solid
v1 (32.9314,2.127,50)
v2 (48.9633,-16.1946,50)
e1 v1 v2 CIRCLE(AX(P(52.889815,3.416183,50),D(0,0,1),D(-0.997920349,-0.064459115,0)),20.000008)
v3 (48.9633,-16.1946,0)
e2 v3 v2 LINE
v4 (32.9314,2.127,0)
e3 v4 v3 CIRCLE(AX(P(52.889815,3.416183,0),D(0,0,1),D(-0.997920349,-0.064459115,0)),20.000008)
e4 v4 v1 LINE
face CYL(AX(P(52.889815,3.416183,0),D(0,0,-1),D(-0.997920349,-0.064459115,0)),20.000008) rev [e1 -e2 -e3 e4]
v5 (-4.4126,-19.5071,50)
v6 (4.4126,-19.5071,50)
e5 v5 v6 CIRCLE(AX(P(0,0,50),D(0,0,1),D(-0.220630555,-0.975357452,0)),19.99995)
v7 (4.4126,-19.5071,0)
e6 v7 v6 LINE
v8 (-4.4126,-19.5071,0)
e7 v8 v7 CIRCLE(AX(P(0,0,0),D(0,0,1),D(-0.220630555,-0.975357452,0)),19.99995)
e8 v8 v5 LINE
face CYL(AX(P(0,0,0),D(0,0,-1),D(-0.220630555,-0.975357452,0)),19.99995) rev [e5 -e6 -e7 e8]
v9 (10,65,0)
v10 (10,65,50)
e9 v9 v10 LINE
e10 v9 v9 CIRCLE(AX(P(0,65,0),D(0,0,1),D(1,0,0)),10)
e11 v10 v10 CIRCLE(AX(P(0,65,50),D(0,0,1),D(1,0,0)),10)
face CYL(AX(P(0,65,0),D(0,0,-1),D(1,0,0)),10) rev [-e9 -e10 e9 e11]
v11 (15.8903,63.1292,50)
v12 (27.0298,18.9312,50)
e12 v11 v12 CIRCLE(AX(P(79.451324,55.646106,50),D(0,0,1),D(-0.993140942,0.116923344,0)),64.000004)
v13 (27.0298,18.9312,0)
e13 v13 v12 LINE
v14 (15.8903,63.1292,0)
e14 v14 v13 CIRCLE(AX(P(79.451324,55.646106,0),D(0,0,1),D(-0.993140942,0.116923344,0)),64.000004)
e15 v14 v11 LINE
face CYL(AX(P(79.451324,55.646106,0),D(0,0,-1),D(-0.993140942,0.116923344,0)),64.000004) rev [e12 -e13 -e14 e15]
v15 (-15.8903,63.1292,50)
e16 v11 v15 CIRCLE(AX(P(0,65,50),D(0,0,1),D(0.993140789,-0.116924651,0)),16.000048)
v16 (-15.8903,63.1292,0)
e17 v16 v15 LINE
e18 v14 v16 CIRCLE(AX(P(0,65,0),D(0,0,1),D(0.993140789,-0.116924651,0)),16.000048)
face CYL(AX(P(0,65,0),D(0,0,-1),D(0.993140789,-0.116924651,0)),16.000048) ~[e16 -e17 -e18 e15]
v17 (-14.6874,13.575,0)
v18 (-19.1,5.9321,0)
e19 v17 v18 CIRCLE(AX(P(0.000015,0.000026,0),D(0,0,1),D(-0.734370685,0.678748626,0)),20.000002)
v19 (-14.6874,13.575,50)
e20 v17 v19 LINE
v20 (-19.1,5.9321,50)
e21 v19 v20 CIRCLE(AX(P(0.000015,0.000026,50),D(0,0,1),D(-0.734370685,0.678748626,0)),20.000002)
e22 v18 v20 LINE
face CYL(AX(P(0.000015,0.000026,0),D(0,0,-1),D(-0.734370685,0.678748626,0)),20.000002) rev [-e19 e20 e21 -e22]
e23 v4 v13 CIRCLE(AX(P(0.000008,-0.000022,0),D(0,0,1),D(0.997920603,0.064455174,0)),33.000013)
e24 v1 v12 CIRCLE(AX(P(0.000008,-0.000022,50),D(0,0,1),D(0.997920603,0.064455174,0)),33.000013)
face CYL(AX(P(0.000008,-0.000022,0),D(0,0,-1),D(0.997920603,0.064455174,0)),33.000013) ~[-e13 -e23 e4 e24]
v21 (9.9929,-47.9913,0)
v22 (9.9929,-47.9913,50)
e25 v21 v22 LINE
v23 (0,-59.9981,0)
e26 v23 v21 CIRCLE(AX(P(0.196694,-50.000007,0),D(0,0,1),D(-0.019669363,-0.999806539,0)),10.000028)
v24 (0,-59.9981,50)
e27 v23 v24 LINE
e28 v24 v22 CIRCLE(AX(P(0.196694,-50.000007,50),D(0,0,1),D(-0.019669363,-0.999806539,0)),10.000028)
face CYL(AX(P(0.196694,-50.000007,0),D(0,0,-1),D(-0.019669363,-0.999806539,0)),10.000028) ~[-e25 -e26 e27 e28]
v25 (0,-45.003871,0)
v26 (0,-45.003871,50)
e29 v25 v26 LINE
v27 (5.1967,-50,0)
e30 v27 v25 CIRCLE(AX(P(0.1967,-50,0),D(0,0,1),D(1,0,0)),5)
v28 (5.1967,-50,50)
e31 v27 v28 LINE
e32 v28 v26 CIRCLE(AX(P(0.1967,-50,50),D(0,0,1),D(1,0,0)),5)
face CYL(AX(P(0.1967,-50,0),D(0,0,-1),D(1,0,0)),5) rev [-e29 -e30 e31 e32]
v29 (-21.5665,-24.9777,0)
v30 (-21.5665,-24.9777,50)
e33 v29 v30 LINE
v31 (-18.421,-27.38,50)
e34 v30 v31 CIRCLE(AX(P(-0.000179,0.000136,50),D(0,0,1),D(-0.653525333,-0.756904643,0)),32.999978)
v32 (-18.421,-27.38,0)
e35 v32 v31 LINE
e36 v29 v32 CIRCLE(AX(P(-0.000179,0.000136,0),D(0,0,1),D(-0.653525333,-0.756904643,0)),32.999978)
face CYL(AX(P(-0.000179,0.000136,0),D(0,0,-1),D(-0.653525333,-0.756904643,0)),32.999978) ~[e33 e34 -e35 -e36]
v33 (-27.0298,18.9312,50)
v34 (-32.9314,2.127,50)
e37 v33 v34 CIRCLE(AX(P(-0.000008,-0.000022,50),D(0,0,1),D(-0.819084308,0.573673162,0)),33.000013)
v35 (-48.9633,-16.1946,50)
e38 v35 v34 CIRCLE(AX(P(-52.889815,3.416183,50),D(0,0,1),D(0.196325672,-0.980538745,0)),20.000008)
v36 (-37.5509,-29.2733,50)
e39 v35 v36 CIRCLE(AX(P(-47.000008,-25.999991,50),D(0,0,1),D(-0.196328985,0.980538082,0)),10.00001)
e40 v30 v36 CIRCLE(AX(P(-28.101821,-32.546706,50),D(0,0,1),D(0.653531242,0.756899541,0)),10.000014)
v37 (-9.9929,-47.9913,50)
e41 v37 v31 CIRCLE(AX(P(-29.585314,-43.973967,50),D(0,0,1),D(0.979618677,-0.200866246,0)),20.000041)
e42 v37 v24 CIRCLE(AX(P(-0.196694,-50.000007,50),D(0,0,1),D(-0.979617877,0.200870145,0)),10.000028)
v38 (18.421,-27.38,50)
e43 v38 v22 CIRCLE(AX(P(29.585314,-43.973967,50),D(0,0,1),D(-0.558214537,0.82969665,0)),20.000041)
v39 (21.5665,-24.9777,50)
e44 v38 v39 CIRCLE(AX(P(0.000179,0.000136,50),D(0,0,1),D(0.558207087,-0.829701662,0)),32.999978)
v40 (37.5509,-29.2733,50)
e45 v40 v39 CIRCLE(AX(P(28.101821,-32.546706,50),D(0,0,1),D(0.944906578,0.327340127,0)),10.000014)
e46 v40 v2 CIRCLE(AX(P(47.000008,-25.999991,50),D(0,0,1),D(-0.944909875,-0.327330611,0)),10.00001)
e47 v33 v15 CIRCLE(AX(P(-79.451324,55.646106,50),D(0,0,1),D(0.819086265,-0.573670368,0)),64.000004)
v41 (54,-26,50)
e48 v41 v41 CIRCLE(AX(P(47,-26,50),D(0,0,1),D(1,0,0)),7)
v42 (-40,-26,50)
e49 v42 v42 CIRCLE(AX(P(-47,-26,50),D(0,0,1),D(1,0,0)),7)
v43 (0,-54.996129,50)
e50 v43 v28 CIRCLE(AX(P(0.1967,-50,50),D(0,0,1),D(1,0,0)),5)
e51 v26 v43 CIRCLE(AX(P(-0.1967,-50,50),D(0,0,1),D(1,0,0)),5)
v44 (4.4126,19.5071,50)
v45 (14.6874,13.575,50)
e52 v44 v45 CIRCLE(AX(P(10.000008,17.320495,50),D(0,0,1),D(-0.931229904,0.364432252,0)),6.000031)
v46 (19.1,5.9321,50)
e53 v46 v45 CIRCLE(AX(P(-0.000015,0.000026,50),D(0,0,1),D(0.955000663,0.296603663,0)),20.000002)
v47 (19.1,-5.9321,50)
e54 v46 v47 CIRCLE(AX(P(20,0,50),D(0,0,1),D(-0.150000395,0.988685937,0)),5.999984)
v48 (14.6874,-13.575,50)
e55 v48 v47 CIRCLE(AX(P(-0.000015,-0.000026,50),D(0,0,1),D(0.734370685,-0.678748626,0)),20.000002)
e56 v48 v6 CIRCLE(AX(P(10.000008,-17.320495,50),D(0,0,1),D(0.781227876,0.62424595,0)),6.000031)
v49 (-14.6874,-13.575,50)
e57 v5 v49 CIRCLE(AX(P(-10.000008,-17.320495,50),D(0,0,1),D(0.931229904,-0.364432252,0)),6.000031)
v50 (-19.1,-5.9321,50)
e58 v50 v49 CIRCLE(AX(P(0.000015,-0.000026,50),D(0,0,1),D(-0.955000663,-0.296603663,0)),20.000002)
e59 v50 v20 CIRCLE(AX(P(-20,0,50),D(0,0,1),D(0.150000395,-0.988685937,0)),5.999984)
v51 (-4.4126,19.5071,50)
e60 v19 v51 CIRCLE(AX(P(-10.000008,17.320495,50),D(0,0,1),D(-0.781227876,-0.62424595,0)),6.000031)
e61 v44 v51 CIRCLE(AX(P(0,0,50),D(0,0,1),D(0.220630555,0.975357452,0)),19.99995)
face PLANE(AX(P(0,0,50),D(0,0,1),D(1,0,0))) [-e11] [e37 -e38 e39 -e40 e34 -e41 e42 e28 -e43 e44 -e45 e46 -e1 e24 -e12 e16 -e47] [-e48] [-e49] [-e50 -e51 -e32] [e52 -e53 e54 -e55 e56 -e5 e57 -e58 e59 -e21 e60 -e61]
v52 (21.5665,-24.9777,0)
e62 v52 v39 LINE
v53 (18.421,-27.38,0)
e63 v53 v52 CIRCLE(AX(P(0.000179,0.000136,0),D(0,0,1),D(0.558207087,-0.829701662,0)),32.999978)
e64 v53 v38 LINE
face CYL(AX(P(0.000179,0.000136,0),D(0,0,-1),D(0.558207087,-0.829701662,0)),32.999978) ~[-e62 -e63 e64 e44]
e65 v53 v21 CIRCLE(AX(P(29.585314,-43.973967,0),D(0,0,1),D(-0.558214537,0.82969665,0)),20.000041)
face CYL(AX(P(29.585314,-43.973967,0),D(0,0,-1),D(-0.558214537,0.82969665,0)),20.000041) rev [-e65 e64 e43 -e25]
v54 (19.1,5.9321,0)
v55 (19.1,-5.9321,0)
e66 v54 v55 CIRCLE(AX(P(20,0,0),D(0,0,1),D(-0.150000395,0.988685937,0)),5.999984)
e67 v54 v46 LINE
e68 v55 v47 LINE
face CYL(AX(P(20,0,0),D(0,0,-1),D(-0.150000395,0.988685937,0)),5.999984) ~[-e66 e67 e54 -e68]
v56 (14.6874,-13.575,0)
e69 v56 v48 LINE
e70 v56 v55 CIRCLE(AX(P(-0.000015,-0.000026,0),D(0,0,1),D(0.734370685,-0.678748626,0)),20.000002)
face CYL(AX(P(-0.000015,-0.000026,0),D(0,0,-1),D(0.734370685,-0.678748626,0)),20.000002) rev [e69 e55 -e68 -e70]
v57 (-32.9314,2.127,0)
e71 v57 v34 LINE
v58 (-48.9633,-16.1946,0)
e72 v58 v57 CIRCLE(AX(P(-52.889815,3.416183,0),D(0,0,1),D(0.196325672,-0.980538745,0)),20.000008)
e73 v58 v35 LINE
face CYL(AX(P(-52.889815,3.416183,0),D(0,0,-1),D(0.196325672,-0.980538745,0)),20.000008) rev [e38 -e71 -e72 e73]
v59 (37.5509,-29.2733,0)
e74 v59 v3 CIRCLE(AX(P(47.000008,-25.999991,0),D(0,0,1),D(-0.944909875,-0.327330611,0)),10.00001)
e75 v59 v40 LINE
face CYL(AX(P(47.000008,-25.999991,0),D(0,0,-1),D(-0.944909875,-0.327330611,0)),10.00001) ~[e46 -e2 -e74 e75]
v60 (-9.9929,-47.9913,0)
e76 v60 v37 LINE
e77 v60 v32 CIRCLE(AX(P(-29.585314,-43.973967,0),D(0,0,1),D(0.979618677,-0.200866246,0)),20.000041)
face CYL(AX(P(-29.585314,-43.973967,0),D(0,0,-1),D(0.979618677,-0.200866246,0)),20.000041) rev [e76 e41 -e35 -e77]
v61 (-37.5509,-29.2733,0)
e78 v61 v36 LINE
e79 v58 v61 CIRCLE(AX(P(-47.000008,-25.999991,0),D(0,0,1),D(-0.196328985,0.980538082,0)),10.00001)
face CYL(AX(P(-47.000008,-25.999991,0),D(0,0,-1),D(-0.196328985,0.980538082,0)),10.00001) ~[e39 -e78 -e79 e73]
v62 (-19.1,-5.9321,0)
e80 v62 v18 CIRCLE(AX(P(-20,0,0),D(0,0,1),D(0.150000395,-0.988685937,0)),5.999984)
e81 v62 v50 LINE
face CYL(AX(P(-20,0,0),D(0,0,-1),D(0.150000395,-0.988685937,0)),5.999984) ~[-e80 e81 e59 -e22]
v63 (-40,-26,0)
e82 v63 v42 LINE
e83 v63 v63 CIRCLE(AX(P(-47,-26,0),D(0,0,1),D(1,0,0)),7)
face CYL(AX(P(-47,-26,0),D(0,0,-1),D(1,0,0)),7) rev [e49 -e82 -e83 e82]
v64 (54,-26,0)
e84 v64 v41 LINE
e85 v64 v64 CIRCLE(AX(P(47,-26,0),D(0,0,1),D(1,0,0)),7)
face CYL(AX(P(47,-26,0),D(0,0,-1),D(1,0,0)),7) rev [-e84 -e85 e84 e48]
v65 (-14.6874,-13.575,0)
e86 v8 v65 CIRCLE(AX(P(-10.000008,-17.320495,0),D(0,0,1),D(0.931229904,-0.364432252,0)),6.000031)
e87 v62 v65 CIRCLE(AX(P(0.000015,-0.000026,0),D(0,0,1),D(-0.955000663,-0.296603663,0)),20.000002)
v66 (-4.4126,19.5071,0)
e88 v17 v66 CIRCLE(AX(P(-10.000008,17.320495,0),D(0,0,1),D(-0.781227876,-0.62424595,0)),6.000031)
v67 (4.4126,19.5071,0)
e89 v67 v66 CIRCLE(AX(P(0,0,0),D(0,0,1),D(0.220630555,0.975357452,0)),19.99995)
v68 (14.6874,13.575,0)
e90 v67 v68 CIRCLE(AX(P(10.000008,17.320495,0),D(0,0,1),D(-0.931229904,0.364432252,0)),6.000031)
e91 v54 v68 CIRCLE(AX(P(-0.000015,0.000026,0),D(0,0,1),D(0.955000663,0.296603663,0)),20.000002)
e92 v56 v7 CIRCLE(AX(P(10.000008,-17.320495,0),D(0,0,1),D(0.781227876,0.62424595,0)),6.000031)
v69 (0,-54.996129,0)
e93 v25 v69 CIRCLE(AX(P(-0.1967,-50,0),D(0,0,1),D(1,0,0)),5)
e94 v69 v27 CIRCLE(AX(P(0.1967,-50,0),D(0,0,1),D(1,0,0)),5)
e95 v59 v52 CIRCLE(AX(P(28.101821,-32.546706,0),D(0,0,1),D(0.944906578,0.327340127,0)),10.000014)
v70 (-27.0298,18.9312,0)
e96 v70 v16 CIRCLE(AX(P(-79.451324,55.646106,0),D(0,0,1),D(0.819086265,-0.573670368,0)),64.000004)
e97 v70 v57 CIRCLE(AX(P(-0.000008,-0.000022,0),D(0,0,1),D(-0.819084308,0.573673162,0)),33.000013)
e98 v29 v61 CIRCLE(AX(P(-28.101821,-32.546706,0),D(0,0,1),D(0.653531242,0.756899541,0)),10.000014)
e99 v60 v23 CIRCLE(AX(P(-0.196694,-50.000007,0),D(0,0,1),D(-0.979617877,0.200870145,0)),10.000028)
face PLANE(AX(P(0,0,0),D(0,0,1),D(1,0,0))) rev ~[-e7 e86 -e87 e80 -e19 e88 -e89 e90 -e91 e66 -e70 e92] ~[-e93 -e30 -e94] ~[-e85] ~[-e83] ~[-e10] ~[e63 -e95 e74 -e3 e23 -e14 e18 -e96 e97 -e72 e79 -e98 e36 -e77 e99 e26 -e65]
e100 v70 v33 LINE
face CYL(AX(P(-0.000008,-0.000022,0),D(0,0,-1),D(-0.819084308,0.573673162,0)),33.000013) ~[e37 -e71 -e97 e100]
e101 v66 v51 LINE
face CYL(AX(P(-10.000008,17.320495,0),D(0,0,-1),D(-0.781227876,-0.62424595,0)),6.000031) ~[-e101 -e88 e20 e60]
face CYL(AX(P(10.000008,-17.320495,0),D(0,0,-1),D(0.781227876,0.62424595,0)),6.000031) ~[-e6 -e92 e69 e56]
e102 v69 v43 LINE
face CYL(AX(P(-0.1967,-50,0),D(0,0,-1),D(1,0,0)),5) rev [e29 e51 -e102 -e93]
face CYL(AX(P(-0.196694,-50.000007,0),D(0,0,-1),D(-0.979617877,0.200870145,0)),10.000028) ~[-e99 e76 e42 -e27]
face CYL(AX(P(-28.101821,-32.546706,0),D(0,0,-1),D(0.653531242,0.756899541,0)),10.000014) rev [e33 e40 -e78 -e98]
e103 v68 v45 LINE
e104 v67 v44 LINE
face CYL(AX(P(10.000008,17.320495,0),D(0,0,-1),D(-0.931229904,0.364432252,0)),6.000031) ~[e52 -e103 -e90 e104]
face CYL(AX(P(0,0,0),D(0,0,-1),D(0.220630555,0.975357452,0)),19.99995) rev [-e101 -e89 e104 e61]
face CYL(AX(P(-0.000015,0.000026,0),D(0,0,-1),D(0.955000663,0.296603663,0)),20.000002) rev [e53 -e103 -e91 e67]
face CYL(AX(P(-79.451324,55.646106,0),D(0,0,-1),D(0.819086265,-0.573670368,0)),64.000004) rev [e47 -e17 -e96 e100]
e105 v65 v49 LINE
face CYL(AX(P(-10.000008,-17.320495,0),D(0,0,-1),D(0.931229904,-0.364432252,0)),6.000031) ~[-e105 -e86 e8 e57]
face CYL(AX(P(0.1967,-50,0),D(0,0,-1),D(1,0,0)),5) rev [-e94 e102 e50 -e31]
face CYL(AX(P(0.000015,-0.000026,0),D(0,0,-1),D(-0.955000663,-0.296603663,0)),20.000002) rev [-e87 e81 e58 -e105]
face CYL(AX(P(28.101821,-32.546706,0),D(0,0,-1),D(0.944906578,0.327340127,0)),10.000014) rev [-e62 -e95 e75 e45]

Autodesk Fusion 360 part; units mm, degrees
sketch "Sketch1" plane through (0, 0, 0) normal (0, 0, 1) x (1, 0, 0)
  circle A0 centre (0, 65) radius 10
  circle A1 centre (-47, -26) radius 7
  arc A2 (-27.0298, 18.9312) -> (-15.8903, 63.1292) centre (-79.4513, 55.6462) ccw
  circle A3 centre (-0.1967, -50) radius 5
  arc A4 (-48.9633, -16.1946) -> (-32.9314, 2.127) centre (-52.8898, 3.4162) ccw
  arc A5 (-9.9929, -47.9913) -> (-18.421, -27.38) centre (-29.5853, -43.974) ccw
  arc A6 (-21.5665, -24.9777) -> (-37.5509, -29.2733) centre (-28.1018, -32.5467) ccw
  arc A7 (-19.1, -5.9321) -> (-19.1, 5.9321) centre (-20, 0) ccw
  arc A8 (-19.1, -5.9321) -> (-19.1, 5.9321) centre (-20, 0) ccw
  arc A9 (-19.1, -5.9321) -> (-19.1, 5.9321) centre (-20, 0) ccw
  arc A10 (-19.1, -5.9321) -> (-19.1, 5.9321) centre (-20, 0) ccw
  arc A11 (-4.4126, -19.5071) -> (-14.6874, -13.575) centre (-10, -17.3205) ccw
  arc A12 (14.6874, -13.575) -> (4.4126, -19.5071) centre (10, -17.3205) ccw
  arc A13 (-19.1, -5.9321) -> (-19.1, 5.9321) centre (-20, 0) ccw
  arc A14 (-19.1, -5.9321) -> (-14.6874, -13.575) centre (0, 0) ccw
  arc A15 (-14.6874, 13.575) -> (-4.4126, 19.5071) centre (-10, 17.3205) ccw
  arc A16 (-14.6874, 13.575) -> (-19.1, 5.9321) centre (0, 0) ccw
  arc A17 (4.4126, 19.5071) -> (14.6874, 13.575) centre (10, 17.3205) ccw
  arc A18 (4.4126, 19.5071) -> (-4.4126, 19.5071) centre (0, 0) ccw
  arc A19 (19.1, 5.9321) -> (19.1, -5.9321) centre (20, 0) ccw
  arc A20 (19.1, 5.9321) -> (14.6874, 13.575) centre (0, 0) ccw
  arc A21 (-4.4126, -19.5071) -> (4.4126, -19.5071) centre (0, 0) ccw
  arc A22 (14.6874, -13.575) -> (19.1, -5.9321) centre (0, 0) ccw
  arc A23 (-19.1, -5.9321) -> (-19.1, 5.9321) centre (-20, 0) ccw
  circle A24 centre (0, 65) radius 10
  arc A25 (15.8903, 63.1292) -> (27.0298, 18.9312) centre (79.4513, 55.6462) ccw
  arc A26 (32.9314, 2.127) -> (48.9633, -16.1946) centre (52.8898, 3.4162) ccw
  circle A27 centre (47, -26) radius 7
  arc A28 (37.5509, -29.2733) -> (21.5665, -24.9777) centre (28.1018, -32.5467) ccw
  arc A29 (18.421, -27.38) -> (9.9929, -47.9913) centre (29.5853, -43.974) ccw
  arc A30 (14.6874, -13.575) -> (19.1, -5.9321) centre (0, 0) ccw
  arc A31 (19.1, 5.9321) -> (19.1, -5.9321) centre (20, 0) ccw
  arc A32 (19.1, 5.9321) -> (14.6874, 13.575) centre (0, 0) ccw
  arc A33 (4.4126, 19.5071) -> (14.6874, 13.575) centre (10, 17.3205) ccw
  arc A34 (4.4126, 19.5071) -> (-4.4126, 19.5071) centre (0, 0) ccw
  arc A35 (-4.4126, -19.5071) -> (4.4126, -19.5071) centre (0, 0) ccw
  arc A36 (14.6874, -13.575) -> (4.4126, -19.5071) centre (10, -17.3205) ccw
  circle A37 centre (0.1967, -50) radius 5
  arc A38 (-4.4126, -19.5071) -> (-14.6874, -13.575) centre (-10, -17.3205) ccw
  arc A39 (-19.1, -5.9321) -> (-14.6874, -13.575) centre (0, 0) ccw
  arc A40 (-19.1, -5.9321) -> (-19.1, 5.9321) centre (-20, 0) ccw
  arc A41 (-14.6874, 13.575) -> (-4.4126, 19.5071) centre (-10, 17.3205) ccw
  arc A42 (-14.6874, 13.575) -> (-19.1, 5.9321) centre (0, 0) ccw
  arc A43 (-27.0298, 18.9312) -> (-32.9314, 2.127) centre (0, 0) ccw
  arc A44 (-27.0298, 18.9312) -> (-32.9314, 2.127) centre (0, 0) ccw
  arc A45 (-21.5665, -24.9777) -> (-18.421, -27.38) centre (0, 0) ccw
  arc A46 (-21.5665, -24.9777) -> (-18.421, -27.38) centre (0, 0) ccw
  arc A47 (18.421, -27.38) -> (21.5665, -24.9777) centre (0, 0) ccw
  arc A48 (32.9314, 2.127) -> (27.0298, 18.9312) centre (0, 0) ccw
  arc A49 (18.421, -27.38) -> (21.5665, -24.9777) centre (0, 0) ccw
  arc A50 (32.9314, 2.127) -> (27.0298, 18.9312) centre (0, 0) ccw
  arc A51 (-9.9929, -47.9913) -> (0, -59.9981) centre (-0.1967, -50) ccw
  arc A52 (0, -59.9981) -> (9.9929, -47.9913) centre (0.1967, -50) ccw
  arc A53 (-48.9633, -16.1946) -> (-37.5509, -29.2733) centre (-47, -26) ccw
  arc A54 (37.5509, -29.2733) -> (48.9633, -16.1946) centre (47, -26) ccw
  arc A55 (15.8903, 63.1292) -> (-15.8903, 63.1292) centre (0, 65) ccw
  arc A56 (15.8903, 63.1292) -> (-15.8903, 63.1292) centre (0, 65) ccw
  dimension "d1" = 20
  dimension "d2" = 65
  dimension "d3" = 32
  dimension "d4" = 40
  dimension "d5" = 66
  dimension "d6" = 128
  dimension "d7" = 14
  dimension "d8" = 47
  dimension "d9" = 26
  dimension "d10" = 20
  dimension "d11" = 40
  dimension "d12" = 10
  dimension "d13" = 50
  dimension "d14" = 20
  dimension "d15" = 40
  dimension "d16" = 20
  dimension "d17" = 12
  dimension "d21" = 360
sketch "Sketch2" plane through (0, 0, 0) normal (0, 0, 1) x (1, 0, 0)
sketch "Sketch3" plane through (0, 0, 0) normal (0, 0, 1) x (1, 0, 0)
extrude "Extrude1" add sketch "Sketch1" along normal blind 50
